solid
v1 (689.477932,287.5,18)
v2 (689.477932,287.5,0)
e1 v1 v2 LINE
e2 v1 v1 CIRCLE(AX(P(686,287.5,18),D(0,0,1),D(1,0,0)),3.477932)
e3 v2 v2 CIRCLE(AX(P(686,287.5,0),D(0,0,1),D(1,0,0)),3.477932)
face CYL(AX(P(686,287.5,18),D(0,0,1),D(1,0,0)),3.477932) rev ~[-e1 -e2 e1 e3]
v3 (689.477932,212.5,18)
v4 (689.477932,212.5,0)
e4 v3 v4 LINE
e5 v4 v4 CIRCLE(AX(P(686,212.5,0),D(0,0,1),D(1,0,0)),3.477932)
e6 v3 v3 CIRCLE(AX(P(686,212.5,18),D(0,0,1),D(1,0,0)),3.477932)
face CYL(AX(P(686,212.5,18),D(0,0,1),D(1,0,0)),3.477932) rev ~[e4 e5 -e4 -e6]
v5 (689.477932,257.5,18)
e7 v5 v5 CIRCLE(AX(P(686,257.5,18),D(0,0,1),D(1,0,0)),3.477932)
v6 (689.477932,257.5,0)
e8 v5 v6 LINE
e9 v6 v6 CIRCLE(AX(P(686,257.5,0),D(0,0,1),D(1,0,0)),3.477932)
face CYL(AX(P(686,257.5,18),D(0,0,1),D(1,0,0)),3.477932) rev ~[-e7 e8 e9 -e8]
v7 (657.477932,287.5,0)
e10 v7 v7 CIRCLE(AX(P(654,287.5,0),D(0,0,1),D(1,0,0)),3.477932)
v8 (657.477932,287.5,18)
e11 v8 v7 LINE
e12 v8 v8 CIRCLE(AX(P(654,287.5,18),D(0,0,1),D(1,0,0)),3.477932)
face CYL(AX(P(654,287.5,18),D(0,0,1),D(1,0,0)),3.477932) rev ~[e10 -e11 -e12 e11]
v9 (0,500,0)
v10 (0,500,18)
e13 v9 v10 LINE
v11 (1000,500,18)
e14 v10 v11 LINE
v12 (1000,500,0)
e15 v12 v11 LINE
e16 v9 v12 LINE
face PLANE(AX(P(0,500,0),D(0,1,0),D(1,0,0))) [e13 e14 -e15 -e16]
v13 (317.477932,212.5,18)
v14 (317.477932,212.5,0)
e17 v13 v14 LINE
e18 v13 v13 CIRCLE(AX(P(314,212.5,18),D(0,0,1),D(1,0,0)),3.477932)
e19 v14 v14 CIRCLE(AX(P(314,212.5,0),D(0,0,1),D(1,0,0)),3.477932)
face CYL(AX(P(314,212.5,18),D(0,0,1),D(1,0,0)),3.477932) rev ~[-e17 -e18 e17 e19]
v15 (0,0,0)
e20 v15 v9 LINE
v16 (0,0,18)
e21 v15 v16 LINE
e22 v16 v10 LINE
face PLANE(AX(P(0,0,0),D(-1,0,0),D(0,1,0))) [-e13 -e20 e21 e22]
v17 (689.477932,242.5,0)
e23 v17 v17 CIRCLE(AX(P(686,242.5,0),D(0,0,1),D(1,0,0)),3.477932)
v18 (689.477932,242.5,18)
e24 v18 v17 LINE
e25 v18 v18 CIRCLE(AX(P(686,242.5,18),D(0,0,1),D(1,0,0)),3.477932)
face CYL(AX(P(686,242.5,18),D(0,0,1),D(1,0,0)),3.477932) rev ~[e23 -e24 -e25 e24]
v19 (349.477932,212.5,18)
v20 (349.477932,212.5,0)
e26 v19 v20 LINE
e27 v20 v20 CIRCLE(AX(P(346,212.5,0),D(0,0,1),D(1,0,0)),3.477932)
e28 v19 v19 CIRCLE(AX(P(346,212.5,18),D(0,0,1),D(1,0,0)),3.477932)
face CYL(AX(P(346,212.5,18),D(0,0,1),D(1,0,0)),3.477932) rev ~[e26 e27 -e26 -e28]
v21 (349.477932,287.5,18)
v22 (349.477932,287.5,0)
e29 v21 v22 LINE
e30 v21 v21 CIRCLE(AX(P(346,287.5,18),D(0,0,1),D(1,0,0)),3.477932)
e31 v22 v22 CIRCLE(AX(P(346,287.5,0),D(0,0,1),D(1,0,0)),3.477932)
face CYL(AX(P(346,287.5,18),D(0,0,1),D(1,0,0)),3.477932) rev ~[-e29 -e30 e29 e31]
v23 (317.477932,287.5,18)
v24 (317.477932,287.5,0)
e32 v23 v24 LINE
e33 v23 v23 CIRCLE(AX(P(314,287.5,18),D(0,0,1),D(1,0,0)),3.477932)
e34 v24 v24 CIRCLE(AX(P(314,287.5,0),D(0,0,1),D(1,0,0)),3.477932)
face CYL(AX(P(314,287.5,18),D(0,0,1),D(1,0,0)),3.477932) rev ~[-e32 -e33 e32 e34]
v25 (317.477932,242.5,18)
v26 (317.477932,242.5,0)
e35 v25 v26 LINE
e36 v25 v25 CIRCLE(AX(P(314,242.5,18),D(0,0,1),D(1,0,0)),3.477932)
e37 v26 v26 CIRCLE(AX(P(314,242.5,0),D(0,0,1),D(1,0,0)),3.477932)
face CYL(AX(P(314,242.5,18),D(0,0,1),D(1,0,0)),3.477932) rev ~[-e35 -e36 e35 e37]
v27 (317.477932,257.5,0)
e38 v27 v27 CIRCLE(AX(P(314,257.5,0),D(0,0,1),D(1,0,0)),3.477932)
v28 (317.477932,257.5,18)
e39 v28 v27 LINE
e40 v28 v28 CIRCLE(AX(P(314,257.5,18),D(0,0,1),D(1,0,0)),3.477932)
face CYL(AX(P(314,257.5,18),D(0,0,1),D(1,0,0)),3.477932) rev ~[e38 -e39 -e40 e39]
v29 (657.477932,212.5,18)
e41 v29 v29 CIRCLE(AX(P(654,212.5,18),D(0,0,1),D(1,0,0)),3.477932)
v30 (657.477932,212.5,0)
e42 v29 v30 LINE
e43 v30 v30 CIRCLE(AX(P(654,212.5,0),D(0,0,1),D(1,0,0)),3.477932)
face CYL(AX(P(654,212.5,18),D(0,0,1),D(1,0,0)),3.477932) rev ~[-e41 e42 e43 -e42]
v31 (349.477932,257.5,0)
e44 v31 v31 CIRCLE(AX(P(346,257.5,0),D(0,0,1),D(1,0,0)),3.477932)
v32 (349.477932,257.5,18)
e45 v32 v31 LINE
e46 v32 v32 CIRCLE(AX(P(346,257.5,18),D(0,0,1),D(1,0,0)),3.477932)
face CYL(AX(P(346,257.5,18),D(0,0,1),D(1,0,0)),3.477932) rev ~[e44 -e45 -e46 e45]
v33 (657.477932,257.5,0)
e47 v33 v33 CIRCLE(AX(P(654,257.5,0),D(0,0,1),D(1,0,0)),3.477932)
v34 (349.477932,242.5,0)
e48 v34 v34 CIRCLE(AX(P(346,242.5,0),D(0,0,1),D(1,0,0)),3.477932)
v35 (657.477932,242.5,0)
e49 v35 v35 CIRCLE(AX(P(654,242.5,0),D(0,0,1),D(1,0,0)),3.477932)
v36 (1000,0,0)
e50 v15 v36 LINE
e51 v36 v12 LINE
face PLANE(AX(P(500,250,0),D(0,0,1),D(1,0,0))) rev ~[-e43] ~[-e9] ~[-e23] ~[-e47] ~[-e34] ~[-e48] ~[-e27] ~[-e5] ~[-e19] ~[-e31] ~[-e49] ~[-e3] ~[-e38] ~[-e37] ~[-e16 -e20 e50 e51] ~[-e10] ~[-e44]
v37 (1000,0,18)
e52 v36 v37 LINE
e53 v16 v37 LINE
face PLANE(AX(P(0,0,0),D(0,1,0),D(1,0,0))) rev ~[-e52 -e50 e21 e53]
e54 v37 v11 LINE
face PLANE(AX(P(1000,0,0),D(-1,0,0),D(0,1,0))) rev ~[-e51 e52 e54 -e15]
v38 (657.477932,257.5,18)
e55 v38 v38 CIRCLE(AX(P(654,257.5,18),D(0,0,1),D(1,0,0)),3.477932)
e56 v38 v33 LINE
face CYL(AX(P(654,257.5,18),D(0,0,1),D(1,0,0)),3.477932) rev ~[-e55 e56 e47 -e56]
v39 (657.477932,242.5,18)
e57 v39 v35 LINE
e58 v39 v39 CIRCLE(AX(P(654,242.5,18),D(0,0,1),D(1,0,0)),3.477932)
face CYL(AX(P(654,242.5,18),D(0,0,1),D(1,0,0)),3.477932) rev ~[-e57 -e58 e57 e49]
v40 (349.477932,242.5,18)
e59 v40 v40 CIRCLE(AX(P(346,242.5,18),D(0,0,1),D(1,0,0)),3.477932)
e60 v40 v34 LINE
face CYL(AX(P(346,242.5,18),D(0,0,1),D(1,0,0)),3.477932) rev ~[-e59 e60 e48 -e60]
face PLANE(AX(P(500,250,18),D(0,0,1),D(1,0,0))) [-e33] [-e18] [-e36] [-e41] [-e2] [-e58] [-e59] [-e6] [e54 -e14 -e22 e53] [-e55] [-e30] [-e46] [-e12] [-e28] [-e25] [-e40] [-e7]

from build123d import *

# Parameters (mm, degrees)
F0_W     = 1000
F0_H     = 500
F1_DEPTH = 18
F3_R     = 3.477932
F4_DEPTH = 18


with BuildPart() as f1:
    # F0 (on Top) → F1 (new body)
    with BuildSketch(Plane.XY):
        with Locations((500, 250)):
            Rectangle(F0_W, F0_H)
    extrude(amount=F1_DEPTH)

    # F3 (on face) → F4 (cut)
    with BuildSketch(Plane.XY.offset(18)):
        with Locations((346, 212.5)):
            Circle(F3_R)
        with Locations((314, 212.5)):
            Circle(F3_R)
        with Locations((314, 242.5)):
            Circle(F3_R)
        with Locations((346, 242.5)):
            Circle(F3_R)
        with Locations((346, 257.5)):
            Circle(F3_R)
        with Locations((314, 257.5)):
            Circle(F3_R)
        with Locations((314, 287.5)):
            Circle(F3_R)
        with Locations((346, 287.5)):
            Circle(F3_R)
        with Locations((654, 287.5)):
            Circle(F3_R)
        with Locations((654, 257.5)):
            Circle(F3_R)
        with Locations((654, 242.5)):
            Circle(F3_R)
        with Locations((654, 212.5)):
            Circle(F3_R)
        with Locations((686, 287.5)):
            Circle(F3_R)
        with Locations((686, 257.5)):
            Circle(F3_R)
        with Locations((686, 242.5)):
            Circle(F3_R)
        with Locations((686, 212.5)):
            Circle(F3_R)
    extrude(amount=-F4_DEPTH, mode=Mode.SUBTRACT)


solid = f1.part
